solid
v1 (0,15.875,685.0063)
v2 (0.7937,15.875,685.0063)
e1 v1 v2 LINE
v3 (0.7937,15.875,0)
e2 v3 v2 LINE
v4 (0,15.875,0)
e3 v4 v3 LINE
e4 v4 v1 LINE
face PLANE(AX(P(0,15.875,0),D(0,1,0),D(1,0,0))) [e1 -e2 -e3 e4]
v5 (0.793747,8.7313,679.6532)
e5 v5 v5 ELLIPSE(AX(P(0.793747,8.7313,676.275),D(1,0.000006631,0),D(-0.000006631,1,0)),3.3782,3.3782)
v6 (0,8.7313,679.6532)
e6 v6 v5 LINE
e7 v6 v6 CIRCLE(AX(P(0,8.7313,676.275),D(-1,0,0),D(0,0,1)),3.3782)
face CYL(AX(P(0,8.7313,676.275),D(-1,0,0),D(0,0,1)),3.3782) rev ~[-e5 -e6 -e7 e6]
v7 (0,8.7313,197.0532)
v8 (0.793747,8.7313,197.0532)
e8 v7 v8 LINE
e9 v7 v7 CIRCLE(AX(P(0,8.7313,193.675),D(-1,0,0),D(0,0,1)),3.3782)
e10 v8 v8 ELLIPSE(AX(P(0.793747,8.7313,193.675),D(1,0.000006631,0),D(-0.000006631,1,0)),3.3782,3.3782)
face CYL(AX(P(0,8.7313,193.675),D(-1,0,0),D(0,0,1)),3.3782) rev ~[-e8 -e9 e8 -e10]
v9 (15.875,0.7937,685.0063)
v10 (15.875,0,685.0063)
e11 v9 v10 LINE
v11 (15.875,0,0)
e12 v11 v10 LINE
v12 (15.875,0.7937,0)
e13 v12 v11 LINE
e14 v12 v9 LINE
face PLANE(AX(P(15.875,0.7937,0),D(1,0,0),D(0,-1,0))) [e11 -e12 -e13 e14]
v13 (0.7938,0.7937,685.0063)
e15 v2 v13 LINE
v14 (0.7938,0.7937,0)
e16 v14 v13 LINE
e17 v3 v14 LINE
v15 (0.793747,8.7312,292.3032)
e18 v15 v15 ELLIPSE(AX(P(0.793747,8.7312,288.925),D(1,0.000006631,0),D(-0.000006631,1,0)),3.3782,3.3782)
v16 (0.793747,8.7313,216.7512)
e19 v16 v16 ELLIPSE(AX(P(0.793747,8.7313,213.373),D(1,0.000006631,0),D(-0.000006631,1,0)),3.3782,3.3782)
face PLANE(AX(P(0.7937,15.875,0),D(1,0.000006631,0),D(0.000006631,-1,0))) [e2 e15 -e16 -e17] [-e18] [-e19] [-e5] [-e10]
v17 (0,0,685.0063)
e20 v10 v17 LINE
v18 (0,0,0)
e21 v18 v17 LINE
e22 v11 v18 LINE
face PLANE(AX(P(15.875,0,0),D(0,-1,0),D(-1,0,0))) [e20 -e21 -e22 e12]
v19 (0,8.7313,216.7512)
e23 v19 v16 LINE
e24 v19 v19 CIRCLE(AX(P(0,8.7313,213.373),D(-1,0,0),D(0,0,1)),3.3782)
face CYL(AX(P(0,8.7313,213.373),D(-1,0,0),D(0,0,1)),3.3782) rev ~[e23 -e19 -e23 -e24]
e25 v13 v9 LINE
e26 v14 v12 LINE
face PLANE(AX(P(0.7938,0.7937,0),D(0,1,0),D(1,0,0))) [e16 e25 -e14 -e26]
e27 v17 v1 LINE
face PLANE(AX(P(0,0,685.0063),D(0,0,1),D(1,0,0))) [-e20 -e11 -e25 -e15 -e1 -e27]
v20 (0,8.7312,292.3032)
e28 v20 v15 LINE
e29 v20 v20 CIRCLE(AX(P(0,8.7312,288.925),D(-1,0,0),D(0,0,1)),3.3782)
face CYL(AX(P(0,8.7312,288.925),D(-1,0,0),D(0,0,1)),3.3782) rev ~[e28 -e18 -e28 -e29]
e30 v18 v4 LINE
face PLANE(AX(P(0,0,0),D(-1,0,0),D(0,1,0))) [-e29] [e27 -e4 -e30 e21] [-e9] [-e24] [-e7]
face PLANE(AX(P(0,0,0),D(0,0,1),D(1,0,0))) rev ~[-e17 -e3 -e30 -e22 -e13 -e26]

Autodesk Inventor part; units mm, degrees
ref_plane "YZ Plane" through (0, 0, 0) normal (1, 0, 0) x (0, 1, 0)
ref_plane "XZ Plane" through (0, 0, 0) normal (0, 1, 0) x (-1, 0, 0)
ref_plane "XY Plane" through (0, 0, 0) normal (0, 0, 1) x (1, 0, 0)
sketch "Sketch1" plane through (0, 0, 0) normal (0, 0, 1) x (1, 0, 0)
  line L0 (0, 0) -> (0, 15.875)
  line L1 (0, 15.875) -> (0.7937, 15.875)
  line L2 (0.7937, 15.875) -> (0.7938, 0.7937)
  line L3 (0.7938, 0.7937) -> (15.875, 0.7937)
  line L4 (15.875, 0.7937) -> (15.875, 0)
  line L5 (15.875, 0) -> (0, 0)
  dimension "d0" = 15.875
  dimension "d1" = 0.7937
extrude "Extrusion1" add sketch "Sketch1" along normal blind 685.0063
sketch "Sketch2" plane through (0, 0, 0) normal (-1, 0, 0) x (0, 0, 1)
  line L0 (288.925, 278.403) -> (593.725, 278.403) construction
  arc A0 (593.725, 278.403) -> (593.725, 285.1594) centre (593.725, 281.7812) ccw construction
  line L1 (593.725, 285.1594) -> (288.925, 285.1594) construction
  arc A1 (288.925, 285.1594) -> (288.925, 278.403) centre (288.925, 281.7812) ccw construction
  circle A2 centre (657.225, 281.7812) radius 3.3782 construction
  circle A3 centre (625.475, 281.7812) radius 3.3782 construction
  line L2 (669.925, 294.4812) -> (669.925, 484.9812) construction
  line L3 (669.925, 484.9812) -> (200.025, 484.9812) construction
  line L4 (200.025, 484.9812) -> (200.025, 294.4812) construction
  line L5 (200.025, 294.4812) -> (669.925, 294.4812) construction
  line L6 (288.925, 151.403) -> (593.725, 151.403) construction
  arc A4 (593.725, 151.403) -> (593.725, 158.1594) centre (593.725, 154.7812) ccw construction
  line L7 (593.725, 158.1594) -> (288.925, 158.1594) construction
  arc A5 (288.925, 158.1594) -> (288.925, 151.403) centre (288.925, 154.7812) ccw construction
  ellipse E0 centre (657.225, 154.7796) end of major axis (653.8468, 154.7796) minor radius 3.3782 construction
  ellipse E1 centre (625.475, 154.7796) end of major axis (628.8532, 154.7796) minor radius 3.3782 construction
  line L8 (669.925, 269.0812) -> (200.025, 269.0812) construction
  line L9 (200.025, 269.0812) -> (200.025, 167.4812) construction
  line L10 (200.025, 167.4812) -> (669.925, 167.4812) construction
  line L11 (669.925, 167.4812) -> (669.925, 269.0812) construction
  line L12 (669.925, 15.0813) -> (669.925, 142.0812) construction
  line L13 (669.925, 142.0812) -> (200.025, 142.0812) construction
  line L14 (200.025, 142.0812) -> (200.025, 15.0813) construction
  line L15 (200.025, 15.0813) -> (669.925, 15.0813) construction
  circle A6 centre (676.275, 396.0812) radius 3.3782 construction
  circle A7 centre (193.675, 396.0812) radius 3.3782 construction
  circle A8 centre (676.275, 407.9875) radius 3.3782 construction
  circle A9 centre (193.675, 407.9875) radius 3.3782 construction
  circle A10 centre (676.275, 419.8937) radius 3.3782 construction
  circle A11 centre (193.675, 419.8937) radius 3.3782 construction
  circle A12 centre (676.275, 431.8) radius 3.3782 construction
  circle A13 centre (193.675, 431.8) radius 3.3782 construction
  circle A14 centre (676.275, 443.7062) radius 3.3782 construction
  circle A15 centre (193.675, 443.7062) radius 3.3782 construction
  circle A16 centre (676.275, 455.6125) radius 3.3782 construction
  circle A17 centre (193.675, 455.6125) radius 3.3782 construction
  circle A18 centre (676.275, 467.5187) radius 3.3782 construction
  circle A19 centre (193.675, 467.5187) radius 3.3782 construction
  circle A20 centre (676.275, 479.425) radius 3.3782 construction
  circle A21 centre (193.675, 479.425) radius 3.3782 construction
  circle A22 centre (676.275, 385.0141) radius 3.3782 construction
  circle A23 centre (193.675, 385.0141) radius 3.3782 construction
  circle A24 centre (676.275, 373.947) radius 3.3782 construction
  circle A25 centre (193.675, 373.947) radius 3.3782 construction
  circle A26 centre (676.275, 362.8798) radius 3.3782 construction
  circle A27 centre (193.675, 362.8798) radius 3.3782 construction
  circle A28 centre (676.275, 351.8127) radius 3.3782 construction
  circle A29 centre (193.675, 351.8127) radius 3.3782 construction
  circle A30 centre (676.275, 340.7455) radius 3.3782 construction
  circle A31 centre (193.675, 340.7455) radius 3.3782 construction
  circle A32 centre (676.275, 329.6784) radius 3.3782 construction
  circle A33 centre (193.675, 329.6784) radius 3.3782 construction
  circle A34 centre (676.275, 318.6112) radius 3.3782 construction
  circle A35 centre (193.675, 318.6112) radius 3.3782 construction
  circle A36 centre (676.275, 307.5441) radius 3.3782 construction
  circle A37 centre (193.675, 307.5441) radius 3.3782 construction
  circle A38 centre (676.275, 296.477) radius 3.3782 construction
  circle A39 centre (193.675, 296.477) radius 3.3782 construction
  circle A40 centre (676.275, 285.4098) radius 3.3782 construction
  circle A41 centre (193.675, 285.4098) radius 3.3782 construction
  circle A42 centre (676.275, 274.3427) radius 3.3782 construction
  circle A43 centre (193.675, 274.3427) radius 3.3782 construction
  circle A44 centre (676.275, 263.2755) radius 3.3782 construction
  circle A45 centre (193.675, 263.2755) radius 3.3782 construction
  circle A46 centre (676.275, 252.2084) radius 3.3782 construction
  circle A47 centre (193.675, 252.2084) radius 3.3782 construction
  circle A48 centre (676.275, 241.1412) radius 3.3782 construction
  circle A49 centre (193.675, 241.1412) radius 3.3782 construction
  circle A50 centre (676.275, 230.0741) radius 3.3782 construction
  circle A51 centre (193.675, 230.0741) radius 3.3782 construction
  circle A52 centre (676.275, 219.007) radius 3.3782 construction
  circle A53 centre (193.675, 219.007) radius 3.3782 construction
  circle A54 centre (676.275, 207.9398) radius 3.3782 construction
  circle A55 centre (193.675, 207.9398) radius 3.3782 construction
  circle A56 centre (676.275, 196.8727) radius 3.3782 construction
  circle A57 centre (193.675, 196.8727) radius 3.3782 construction
  circle A58 centre (676.275, 185.8055) radius 3.3782 construction
  circle A59 centre (193.675, 185.8055) radius 3.3782 construction
  circle A60 centre (676.275, 174.7384) radius 3.3782 construction
  circle A61 centre (193.675, 174.7384) radius 3.3782 construction
  circle A62 centre (676.275, 163.6712) radius 3.3782 construction
  circle A63 centre (193.675, 163.6712) radius 3.3782 construction
  circle A64 centre (676.275, 152.6041) radius 3.3782 construction
  circle A65 centre (193.675, 152.6041) radius 3.3782 construction
  circle A66 centre (676.275, 141.537) radius 3.3782 construction
  circle A67 centre (193.675, 141.537) radius 3.3782 construction
  circle A68 centre (676.275, 130.4698) radius 3.3782 construction
  circle A69 centre (193.675, 130.4698) radius 3.3782 construction
  circle A70 centre (676.275, 119.4027) radius 3.3782 construction
  circle A71 centre (193.675, 119.4027) radius 3.3782 construction
  circle A72 centre (676.275, 108.3355) radius 3.3782 construction
  circle A73 centre (193.675, 108.3355) radius 3.3782 construction
  circle A74 centre (676.275, 97.2684) radius 3.3782 construction
  circle A75 centre (193.675, 97.2684) radius 3.3782 construction
  circle A76 centre (676.275, 86.2012) radius 3.3782 construction
  circle A77 centre (193.675, 86.2012) radius 3.3782 construction
  circle A78 centre (676.275, 75.1341) radius 3.3782 construction
  circle A79 centre (193.675, 75.1341) radius 3.3782 construction
  circle A80 centre (676.275, 64.067) radius 3.3782 construction
  circle A81 centre (193.675, 64.067) radius 3.3782 construction
  circle A82 centre (676.275, 52.9998) radius 3.3782 construction
  circle A83 centre (193.675, 52.9998) radius 3.3782 construction
  circle A84 centre (676.275, 41.9327) radius 3.3782 construction
  circle A85 centre (193.675, 41.9327) radius 3.3782 construction
  circle A86 centre (676.275, 30.8655) radius 3.3782 construction
  circle A87 centre (193.675, 30.8655) radius 3.3782 construction
  circle A88 centre (676.275, 19.7984) radius 3.3782 construction
  circle A89 centre (193.675, 19.7984) radius 3.3782 construction
  circle A90 centre (676.275, 491.3312) radius 3.3782 construction
  circle A91 centre (666.426, 491.3312) radius 3.3782 construction
  circle A92 centre (656.577, 491.3312) radius 3.3782 construction
  circle A93 centre (646.7281, 491.3312) radius 3.3782 construction
  circle A94 centre (636.8791, 491.3312) radius 3.3782 construction
  circle A95 centre (627.0301, 491.3312) radius 3.3782 construction
  circle A96 centre (617.1811, 491.3312) radius 3.3782 construction
  circle A97 centre (607.3321, 491.3312) radius 3.3782 construction
  circle A98 centre (597.4832, 491.3312) radius 3.3782 construction
  circle A99 centre (587.6342, 491.3312) radius 3.3782 construction
  circle A100 centre (577.7852, 491.3312) radius 3.3782 construction
  circle A101 centre (567.9362, 491.3312) radius 3.3782 construction
  circle A102 centre (558.0872, 491.3312) radius 3.3782 construction
  circle A103 centre (548.2383, 491.3312) radius 3.3782 construction
  circle A104 centre (538.3893, 491.3312) radius 3.3782 construction
  circle A105 centre (528.5403, 491.3312) radius 3.3782 construction
  circle A106 centre (518.6913, 491.3312) radius 3.3782 construction
  circle A107 centre (508.8423, 491.3312) radius 3.3782 construction
  circle A108 centre (498.9934, 491.3312) radius 3.3782 construction
  circle A109 centre (489.1444, 491.3312) radius 3.3782 construction
  circle A110 centre (479.2954, 491.3312) radius 3.3782 construction
  circle A111 centre (469.4464, 491.3312) radius 3.3782 construction
  circle A112 centre (459.5974, 491.3312) radius 3.3782 construction
  circle A113 centre (449.7485, 491.3312) radius 3.3782 construction
  circle A114 centre (439.8995, 491.3312) radius 3.3782 construction
  circle A115 centre (430.0505, 491.3312) radius 3.3782 construction
  circle A116 centre (420.2015, 491.3312) radius 3.3782 construction
  circle A117 centre (410.3526, 491.3312) radius 3.3782 construction
  circle A118 centre (400.5036, 491.3312) radius 3.3782 construction
  circle A119 centre (390.6546, 491.3312) radius 3.3782 construction
  circle A120 centre (380.8056, 491.3312) radius 3.3782 construction
  circle A121 centre (370.9566, 491.3312) radius 3.3782 construction
  circle A122 centre (361.1077, 491.3312) radius 3.3782 construction
  circle A123 centre (351.2587, 491.3312) radius 3.3782 construction
  circle A124 centre (341.4097, 491.3312) radius 3.3782 construction
  circle A125 centre (331.5607, 491.3312) radius 3.3782 construction
  circle A126 centre (321.7117, 491.3312) radius 3.3782 construction
  circle A127 centre (311.8628, 491.3312) radius 3.3782 construction
  circle A128 centre (302.0138, 491.3312) radius 3.3782 construction
  circle A129 centre (292.1648, 491.3312) radius 3.3782 construction
  circle A130 centre (282.3158, 491.3312) radius 3.3782 construction
  circle A131 centre (272.4668, 491.3312) radius 3.3782 construction
  circle A132 centre (262.6179, 491.3312) radius 3.3782 construction
  circle A133 centre (252.7689, 491.3312) radius 3.3782 construction
  circle A134 centre (242.9199, 491.3312) radius 3.3782 construction
  circle A135 centre (233.0709, 491.3312) radius 3.3782 construction
  circle A136 centre (223.2219, 491.3312) radius 3.3782 construction
  circle A137 centre (213.373, 491.3312) radius 3.3782 construction
  circle A138 centre (203.524, 491.3312) radius 3.3782 construction
  circle A139 centre (193.675, 491.3312) radius 3.3782 construction
  circle A140 centre (676.275, 8.7313) radius 3.3782 projected
  circle A141 centre (666.426, 8.7313) radius 3.3782 construction
  circle A142 centre (656.577, 8.7313) radius 3.3782 construction
  circle A143 centre (646.7281, 8.7313) radius 3.3782 construction
  circle A144 centre (636.8791, 8.7313) radius 3.3782 construction
  circle A145 centre (627.0301, 8.7313) radius 3.3782 construction
  circle A146 centre (617.1811, 8.7313) radius 3.3782 construction
  circle A147 centre (607.3321, 8.7313) radius 3.3782 construction
  circle A148 centre (597.4832, 8.7313) radius 3.3782 construction
  circle A149 centre (587.6342, 8.7313) radius 3.3782 construction
  circle A150 centre (577.7852, 8.7313) radius 3.3782 construction
  circle A151 centre (567.9362, 8.7313) radius 3.3782 construction
  circle A152 centre (558.0872, 8.7313) radius 3.3782 construction
  circle A153 centre (548.2383, 8.7313) radius 3.3782 construction
  circle A154 centre (538.3893, 8.7313) radius 3.3782 construction
  circle A155 centre (528.5403, 8.7313) radius 3.3782 construction
  circle A156 centre (518.6913, 8.7313) radius 3.3782 construction
  circle A157 centre (508.8423, 8.7313) radius 3.3782 construction
  circle A158 centre (498.9934, 8.7313) radius 3.3782 construction
  circle A159 centre (489.1444, 8.7313) radius 3.3782 construction
  circle A160 centre (479.2954, 8.7313) radius 3.3782 construction
  circle A161 centre (469.4464, 8.7313) radius 3.3782 construction
  circle A162 centre (459.5974, 8.7313) radius 3.3782 construction
  circle A163 centre (449.7485, 8.7313) radius 3.3782 construction
  circle A164 centre (439.8995, 8.7313) radius 3.3782 construction
  circle A165 centre (430.0505, 8.7313) radius 3.3782 construction
  circle A166 centre (420.2015, 8.7313) radius 3.3782 construction
  circle A167 centre (410.3526, 8.7313) radius 3.3782 construction
  circle A168 centre (400.5036, 8.7313) radius 3.3782 construction
  circle A169 centre (390.6546, 8.7313) radius 3.3782 construction
  circle A170 centre (380.8056, 8.7313) radius 3.3782 construction
  circle A171 centre (370.9566, 8.7313) radius 3.3782 construction
  circle A172 centre (361.1077, 8.7313) radius 3.3782 construction
  circle A173 centre (351.2587, 8.7313) radius 3.3782 construction
  circle A174 centre (341.4097, 8.7313) radius 3.3782 construction
  circle A175 centre (331.5607, 8.7313) radius 3.3782 construction
  circle A176 centre (321.7117, 8.7313) radius 3.3782 construction
  circle A177 centre (311.8628, 8.7313) radius 3.3782 construction
  circle A178 centre (302.0138, 8.7313) radius 3.3782 construction
  circle A179 centre (272.4668, 8.7313) radius 3.3782 construction
  circle A180 centre (262.6179, 8.7313) radius 3.3782 construction
  circle A181 centre (252.7689, 8.7313) radius 3.3782 construction
  circle A182 centre (242.9199, 8.7313) radius 3.3782 construction
  circle A183 centre (233.0709, 8.7313) radius 3.3782 construction
  circle A184 centre (223.2219, 8.7313) radius 3.3782 construction
  circle A185 centre (213.373, 8.7313) radius 3.3782 projected
  circle A186 centre (203.524, 8.7313) radius 3.3782 construction
  circle A187 centre (193.675, 8.7313) radius 3.3782 projected
  line L16 (682.625, 2.3813) -> (187.325, 2.3813) construction
  line L17 (187.325, 2.3813) -> (187.325, 497.6812) construction
  line L18 (187.325, 497.6812) -> (682.625, 497.6812) construction
  line L19 (682.625, 497.6812) -> (682.625, 2.3813) construction
  circle A188 centre (477.7908, 396.0812) radius 3.3782 construction
  circle A189 centre (398.6756, 286.3307) radius 3.3782 construction
  circle A190 centre (422.4733, 262.533) radius 3.3782 construction
  circle A191 centre (444.1358, 396.0812) radius 3.3782 construction
  line L20 (418.0849, 248.9608) -> (558.1878, 108.8579) construction
  arc A192 (558.1878, 108.8579) -> (576.1483, 126.8184) centre (288.925, 396.0812) ccw construction
  line L21 (576.1483, 126.8184) -> (323.3053, 379.6615) construction
  arc A193 (323.3053, 379.6615) -> (326.4921, 389.7312) centre (288.925, 396.0812) ccw construction
  line L22 (326.4921, 389.7312) -> (682.5738, 389.7312) construction
  arc A194 (682.5738, 389.7312) -> (682.625, 396.0812) centre (288.925, 396.0812) ccw construction
  line L23 (682.625, 396.0812) -> (682.625, 402.4312) construction
  line L24 (682.625, 402.4312) -> (326.4921, 402.4312) construction
  arc A195 (326.4921, 402.4312) -> (282.575, 358.5141) centre (288.925, 396.0812) ccw construction
  line L25 (282.575, 358.5141) -> (282.575, 296.4095) construction
  arc A196 (295.275, 281.641) -> (282.575, 296.4095) centre (178.435, 194.011) ccw construction
  line L26 (295.275, 281.641) -> (360.9975, 194.011) construction
  line L27 (360.9975, 194.011) -> (295.275, 106.381) construction
  arc A197 (282.575, 91.6124) -> (295.275, 106.381) centre (178.435, 194.011) ccw construction
  line L28 (282.575, 91.6124) -> (282.575, 2.3812) construction
  line L29 (282.575, 2.3812) -> (288.925, 2.3812) construction
  arc A198 (288.925, 2.3812) -> (295.275, 2.4325) centre (288.925, 396.0812) ccw construction
  line L30 (295.275, 2.4325) -> (295.275, 85.2143) construction
  line L31 (295.275, 85.2143) -> (418.0849, 248.9608) construction
  circle A199 centre (288.925, 8.7312) radius 3.3782 projected
  circle A200 centre (288.925, 59.5312) radius 3.3782 construction
  line L32 (409.0135, 258.0323) -> (368.935, 204.5943) construction
  line L33 (368.935, 204.5943) -> (295.275, 302.8076) construction
  line L34 (295.275, 302.8076) -> (295.275, 358.5141) construction
  arc A201 (295.275, 358.5141) -> (305.3447, 361.701) centre (288.925, 396.0812) ccw construction
  line L35 (305.3447, 361.701) -> (409.0135, 258.0323) construction
  circle A202 centre (288.925, 396.0812) radius 9.5 construction
  circle A203 centre (559.1526, 118.5617) radius 3.3782 construction
  circle A204 centre (566.4445, 125.8537) radius 3.3782 construction
  circle A205 centre (523.2315, 154.4828) radius 3.3782 construction
  circle A206 centre (530.5235, 161.7747) radius 3.3782 construction
  circle A207 centre (676.275, 396.0812) radius 3.3782 construction
  circle A208 centre (625.475, 396.0812) radius 3.3782 construction
  circle A209 centre (428.625, 396.0812) radius 3.3782 construction
  circle A210 centre (568.325, 396.0812) radius 3.3782 construction
  circle A211 centre (383.1156, 292.9104) radius 3.3782 construction
  circle A212 centre (392.0958, 301.8907) radius 3.3782 construction
  circle A213 centre (481.9495, 194.0765) radius 3.3782 construction
  circle A214 centre (490.9297, 203.0568) radius 3.3782 construction
  arc A215 (291.0239, 5.5515) -> (291.0239, 11.911) centre (292.1648, 8.7313) ccw projected
  arc A216 (285.3856, 10.1415) -> (285.3856, 7.321) centre (282.3158, 8.7313) ccw projected
  arc A217 (291.0239, 11.911) -> (285.3856, 10.1415) centre (288.925, 8.7312) ccw projected
  arc A218 (285.3856, 7.321) -> (291.0239, 5.5515) centre (288.925, 8.7312) ccw projected
extrude "Extrusion2" cut sketch "Sketch2" against normal through all contours A140 | A185 | A187 | A199
properties part number "Shooter Back Support Bar" material "Aluminum 6061"
